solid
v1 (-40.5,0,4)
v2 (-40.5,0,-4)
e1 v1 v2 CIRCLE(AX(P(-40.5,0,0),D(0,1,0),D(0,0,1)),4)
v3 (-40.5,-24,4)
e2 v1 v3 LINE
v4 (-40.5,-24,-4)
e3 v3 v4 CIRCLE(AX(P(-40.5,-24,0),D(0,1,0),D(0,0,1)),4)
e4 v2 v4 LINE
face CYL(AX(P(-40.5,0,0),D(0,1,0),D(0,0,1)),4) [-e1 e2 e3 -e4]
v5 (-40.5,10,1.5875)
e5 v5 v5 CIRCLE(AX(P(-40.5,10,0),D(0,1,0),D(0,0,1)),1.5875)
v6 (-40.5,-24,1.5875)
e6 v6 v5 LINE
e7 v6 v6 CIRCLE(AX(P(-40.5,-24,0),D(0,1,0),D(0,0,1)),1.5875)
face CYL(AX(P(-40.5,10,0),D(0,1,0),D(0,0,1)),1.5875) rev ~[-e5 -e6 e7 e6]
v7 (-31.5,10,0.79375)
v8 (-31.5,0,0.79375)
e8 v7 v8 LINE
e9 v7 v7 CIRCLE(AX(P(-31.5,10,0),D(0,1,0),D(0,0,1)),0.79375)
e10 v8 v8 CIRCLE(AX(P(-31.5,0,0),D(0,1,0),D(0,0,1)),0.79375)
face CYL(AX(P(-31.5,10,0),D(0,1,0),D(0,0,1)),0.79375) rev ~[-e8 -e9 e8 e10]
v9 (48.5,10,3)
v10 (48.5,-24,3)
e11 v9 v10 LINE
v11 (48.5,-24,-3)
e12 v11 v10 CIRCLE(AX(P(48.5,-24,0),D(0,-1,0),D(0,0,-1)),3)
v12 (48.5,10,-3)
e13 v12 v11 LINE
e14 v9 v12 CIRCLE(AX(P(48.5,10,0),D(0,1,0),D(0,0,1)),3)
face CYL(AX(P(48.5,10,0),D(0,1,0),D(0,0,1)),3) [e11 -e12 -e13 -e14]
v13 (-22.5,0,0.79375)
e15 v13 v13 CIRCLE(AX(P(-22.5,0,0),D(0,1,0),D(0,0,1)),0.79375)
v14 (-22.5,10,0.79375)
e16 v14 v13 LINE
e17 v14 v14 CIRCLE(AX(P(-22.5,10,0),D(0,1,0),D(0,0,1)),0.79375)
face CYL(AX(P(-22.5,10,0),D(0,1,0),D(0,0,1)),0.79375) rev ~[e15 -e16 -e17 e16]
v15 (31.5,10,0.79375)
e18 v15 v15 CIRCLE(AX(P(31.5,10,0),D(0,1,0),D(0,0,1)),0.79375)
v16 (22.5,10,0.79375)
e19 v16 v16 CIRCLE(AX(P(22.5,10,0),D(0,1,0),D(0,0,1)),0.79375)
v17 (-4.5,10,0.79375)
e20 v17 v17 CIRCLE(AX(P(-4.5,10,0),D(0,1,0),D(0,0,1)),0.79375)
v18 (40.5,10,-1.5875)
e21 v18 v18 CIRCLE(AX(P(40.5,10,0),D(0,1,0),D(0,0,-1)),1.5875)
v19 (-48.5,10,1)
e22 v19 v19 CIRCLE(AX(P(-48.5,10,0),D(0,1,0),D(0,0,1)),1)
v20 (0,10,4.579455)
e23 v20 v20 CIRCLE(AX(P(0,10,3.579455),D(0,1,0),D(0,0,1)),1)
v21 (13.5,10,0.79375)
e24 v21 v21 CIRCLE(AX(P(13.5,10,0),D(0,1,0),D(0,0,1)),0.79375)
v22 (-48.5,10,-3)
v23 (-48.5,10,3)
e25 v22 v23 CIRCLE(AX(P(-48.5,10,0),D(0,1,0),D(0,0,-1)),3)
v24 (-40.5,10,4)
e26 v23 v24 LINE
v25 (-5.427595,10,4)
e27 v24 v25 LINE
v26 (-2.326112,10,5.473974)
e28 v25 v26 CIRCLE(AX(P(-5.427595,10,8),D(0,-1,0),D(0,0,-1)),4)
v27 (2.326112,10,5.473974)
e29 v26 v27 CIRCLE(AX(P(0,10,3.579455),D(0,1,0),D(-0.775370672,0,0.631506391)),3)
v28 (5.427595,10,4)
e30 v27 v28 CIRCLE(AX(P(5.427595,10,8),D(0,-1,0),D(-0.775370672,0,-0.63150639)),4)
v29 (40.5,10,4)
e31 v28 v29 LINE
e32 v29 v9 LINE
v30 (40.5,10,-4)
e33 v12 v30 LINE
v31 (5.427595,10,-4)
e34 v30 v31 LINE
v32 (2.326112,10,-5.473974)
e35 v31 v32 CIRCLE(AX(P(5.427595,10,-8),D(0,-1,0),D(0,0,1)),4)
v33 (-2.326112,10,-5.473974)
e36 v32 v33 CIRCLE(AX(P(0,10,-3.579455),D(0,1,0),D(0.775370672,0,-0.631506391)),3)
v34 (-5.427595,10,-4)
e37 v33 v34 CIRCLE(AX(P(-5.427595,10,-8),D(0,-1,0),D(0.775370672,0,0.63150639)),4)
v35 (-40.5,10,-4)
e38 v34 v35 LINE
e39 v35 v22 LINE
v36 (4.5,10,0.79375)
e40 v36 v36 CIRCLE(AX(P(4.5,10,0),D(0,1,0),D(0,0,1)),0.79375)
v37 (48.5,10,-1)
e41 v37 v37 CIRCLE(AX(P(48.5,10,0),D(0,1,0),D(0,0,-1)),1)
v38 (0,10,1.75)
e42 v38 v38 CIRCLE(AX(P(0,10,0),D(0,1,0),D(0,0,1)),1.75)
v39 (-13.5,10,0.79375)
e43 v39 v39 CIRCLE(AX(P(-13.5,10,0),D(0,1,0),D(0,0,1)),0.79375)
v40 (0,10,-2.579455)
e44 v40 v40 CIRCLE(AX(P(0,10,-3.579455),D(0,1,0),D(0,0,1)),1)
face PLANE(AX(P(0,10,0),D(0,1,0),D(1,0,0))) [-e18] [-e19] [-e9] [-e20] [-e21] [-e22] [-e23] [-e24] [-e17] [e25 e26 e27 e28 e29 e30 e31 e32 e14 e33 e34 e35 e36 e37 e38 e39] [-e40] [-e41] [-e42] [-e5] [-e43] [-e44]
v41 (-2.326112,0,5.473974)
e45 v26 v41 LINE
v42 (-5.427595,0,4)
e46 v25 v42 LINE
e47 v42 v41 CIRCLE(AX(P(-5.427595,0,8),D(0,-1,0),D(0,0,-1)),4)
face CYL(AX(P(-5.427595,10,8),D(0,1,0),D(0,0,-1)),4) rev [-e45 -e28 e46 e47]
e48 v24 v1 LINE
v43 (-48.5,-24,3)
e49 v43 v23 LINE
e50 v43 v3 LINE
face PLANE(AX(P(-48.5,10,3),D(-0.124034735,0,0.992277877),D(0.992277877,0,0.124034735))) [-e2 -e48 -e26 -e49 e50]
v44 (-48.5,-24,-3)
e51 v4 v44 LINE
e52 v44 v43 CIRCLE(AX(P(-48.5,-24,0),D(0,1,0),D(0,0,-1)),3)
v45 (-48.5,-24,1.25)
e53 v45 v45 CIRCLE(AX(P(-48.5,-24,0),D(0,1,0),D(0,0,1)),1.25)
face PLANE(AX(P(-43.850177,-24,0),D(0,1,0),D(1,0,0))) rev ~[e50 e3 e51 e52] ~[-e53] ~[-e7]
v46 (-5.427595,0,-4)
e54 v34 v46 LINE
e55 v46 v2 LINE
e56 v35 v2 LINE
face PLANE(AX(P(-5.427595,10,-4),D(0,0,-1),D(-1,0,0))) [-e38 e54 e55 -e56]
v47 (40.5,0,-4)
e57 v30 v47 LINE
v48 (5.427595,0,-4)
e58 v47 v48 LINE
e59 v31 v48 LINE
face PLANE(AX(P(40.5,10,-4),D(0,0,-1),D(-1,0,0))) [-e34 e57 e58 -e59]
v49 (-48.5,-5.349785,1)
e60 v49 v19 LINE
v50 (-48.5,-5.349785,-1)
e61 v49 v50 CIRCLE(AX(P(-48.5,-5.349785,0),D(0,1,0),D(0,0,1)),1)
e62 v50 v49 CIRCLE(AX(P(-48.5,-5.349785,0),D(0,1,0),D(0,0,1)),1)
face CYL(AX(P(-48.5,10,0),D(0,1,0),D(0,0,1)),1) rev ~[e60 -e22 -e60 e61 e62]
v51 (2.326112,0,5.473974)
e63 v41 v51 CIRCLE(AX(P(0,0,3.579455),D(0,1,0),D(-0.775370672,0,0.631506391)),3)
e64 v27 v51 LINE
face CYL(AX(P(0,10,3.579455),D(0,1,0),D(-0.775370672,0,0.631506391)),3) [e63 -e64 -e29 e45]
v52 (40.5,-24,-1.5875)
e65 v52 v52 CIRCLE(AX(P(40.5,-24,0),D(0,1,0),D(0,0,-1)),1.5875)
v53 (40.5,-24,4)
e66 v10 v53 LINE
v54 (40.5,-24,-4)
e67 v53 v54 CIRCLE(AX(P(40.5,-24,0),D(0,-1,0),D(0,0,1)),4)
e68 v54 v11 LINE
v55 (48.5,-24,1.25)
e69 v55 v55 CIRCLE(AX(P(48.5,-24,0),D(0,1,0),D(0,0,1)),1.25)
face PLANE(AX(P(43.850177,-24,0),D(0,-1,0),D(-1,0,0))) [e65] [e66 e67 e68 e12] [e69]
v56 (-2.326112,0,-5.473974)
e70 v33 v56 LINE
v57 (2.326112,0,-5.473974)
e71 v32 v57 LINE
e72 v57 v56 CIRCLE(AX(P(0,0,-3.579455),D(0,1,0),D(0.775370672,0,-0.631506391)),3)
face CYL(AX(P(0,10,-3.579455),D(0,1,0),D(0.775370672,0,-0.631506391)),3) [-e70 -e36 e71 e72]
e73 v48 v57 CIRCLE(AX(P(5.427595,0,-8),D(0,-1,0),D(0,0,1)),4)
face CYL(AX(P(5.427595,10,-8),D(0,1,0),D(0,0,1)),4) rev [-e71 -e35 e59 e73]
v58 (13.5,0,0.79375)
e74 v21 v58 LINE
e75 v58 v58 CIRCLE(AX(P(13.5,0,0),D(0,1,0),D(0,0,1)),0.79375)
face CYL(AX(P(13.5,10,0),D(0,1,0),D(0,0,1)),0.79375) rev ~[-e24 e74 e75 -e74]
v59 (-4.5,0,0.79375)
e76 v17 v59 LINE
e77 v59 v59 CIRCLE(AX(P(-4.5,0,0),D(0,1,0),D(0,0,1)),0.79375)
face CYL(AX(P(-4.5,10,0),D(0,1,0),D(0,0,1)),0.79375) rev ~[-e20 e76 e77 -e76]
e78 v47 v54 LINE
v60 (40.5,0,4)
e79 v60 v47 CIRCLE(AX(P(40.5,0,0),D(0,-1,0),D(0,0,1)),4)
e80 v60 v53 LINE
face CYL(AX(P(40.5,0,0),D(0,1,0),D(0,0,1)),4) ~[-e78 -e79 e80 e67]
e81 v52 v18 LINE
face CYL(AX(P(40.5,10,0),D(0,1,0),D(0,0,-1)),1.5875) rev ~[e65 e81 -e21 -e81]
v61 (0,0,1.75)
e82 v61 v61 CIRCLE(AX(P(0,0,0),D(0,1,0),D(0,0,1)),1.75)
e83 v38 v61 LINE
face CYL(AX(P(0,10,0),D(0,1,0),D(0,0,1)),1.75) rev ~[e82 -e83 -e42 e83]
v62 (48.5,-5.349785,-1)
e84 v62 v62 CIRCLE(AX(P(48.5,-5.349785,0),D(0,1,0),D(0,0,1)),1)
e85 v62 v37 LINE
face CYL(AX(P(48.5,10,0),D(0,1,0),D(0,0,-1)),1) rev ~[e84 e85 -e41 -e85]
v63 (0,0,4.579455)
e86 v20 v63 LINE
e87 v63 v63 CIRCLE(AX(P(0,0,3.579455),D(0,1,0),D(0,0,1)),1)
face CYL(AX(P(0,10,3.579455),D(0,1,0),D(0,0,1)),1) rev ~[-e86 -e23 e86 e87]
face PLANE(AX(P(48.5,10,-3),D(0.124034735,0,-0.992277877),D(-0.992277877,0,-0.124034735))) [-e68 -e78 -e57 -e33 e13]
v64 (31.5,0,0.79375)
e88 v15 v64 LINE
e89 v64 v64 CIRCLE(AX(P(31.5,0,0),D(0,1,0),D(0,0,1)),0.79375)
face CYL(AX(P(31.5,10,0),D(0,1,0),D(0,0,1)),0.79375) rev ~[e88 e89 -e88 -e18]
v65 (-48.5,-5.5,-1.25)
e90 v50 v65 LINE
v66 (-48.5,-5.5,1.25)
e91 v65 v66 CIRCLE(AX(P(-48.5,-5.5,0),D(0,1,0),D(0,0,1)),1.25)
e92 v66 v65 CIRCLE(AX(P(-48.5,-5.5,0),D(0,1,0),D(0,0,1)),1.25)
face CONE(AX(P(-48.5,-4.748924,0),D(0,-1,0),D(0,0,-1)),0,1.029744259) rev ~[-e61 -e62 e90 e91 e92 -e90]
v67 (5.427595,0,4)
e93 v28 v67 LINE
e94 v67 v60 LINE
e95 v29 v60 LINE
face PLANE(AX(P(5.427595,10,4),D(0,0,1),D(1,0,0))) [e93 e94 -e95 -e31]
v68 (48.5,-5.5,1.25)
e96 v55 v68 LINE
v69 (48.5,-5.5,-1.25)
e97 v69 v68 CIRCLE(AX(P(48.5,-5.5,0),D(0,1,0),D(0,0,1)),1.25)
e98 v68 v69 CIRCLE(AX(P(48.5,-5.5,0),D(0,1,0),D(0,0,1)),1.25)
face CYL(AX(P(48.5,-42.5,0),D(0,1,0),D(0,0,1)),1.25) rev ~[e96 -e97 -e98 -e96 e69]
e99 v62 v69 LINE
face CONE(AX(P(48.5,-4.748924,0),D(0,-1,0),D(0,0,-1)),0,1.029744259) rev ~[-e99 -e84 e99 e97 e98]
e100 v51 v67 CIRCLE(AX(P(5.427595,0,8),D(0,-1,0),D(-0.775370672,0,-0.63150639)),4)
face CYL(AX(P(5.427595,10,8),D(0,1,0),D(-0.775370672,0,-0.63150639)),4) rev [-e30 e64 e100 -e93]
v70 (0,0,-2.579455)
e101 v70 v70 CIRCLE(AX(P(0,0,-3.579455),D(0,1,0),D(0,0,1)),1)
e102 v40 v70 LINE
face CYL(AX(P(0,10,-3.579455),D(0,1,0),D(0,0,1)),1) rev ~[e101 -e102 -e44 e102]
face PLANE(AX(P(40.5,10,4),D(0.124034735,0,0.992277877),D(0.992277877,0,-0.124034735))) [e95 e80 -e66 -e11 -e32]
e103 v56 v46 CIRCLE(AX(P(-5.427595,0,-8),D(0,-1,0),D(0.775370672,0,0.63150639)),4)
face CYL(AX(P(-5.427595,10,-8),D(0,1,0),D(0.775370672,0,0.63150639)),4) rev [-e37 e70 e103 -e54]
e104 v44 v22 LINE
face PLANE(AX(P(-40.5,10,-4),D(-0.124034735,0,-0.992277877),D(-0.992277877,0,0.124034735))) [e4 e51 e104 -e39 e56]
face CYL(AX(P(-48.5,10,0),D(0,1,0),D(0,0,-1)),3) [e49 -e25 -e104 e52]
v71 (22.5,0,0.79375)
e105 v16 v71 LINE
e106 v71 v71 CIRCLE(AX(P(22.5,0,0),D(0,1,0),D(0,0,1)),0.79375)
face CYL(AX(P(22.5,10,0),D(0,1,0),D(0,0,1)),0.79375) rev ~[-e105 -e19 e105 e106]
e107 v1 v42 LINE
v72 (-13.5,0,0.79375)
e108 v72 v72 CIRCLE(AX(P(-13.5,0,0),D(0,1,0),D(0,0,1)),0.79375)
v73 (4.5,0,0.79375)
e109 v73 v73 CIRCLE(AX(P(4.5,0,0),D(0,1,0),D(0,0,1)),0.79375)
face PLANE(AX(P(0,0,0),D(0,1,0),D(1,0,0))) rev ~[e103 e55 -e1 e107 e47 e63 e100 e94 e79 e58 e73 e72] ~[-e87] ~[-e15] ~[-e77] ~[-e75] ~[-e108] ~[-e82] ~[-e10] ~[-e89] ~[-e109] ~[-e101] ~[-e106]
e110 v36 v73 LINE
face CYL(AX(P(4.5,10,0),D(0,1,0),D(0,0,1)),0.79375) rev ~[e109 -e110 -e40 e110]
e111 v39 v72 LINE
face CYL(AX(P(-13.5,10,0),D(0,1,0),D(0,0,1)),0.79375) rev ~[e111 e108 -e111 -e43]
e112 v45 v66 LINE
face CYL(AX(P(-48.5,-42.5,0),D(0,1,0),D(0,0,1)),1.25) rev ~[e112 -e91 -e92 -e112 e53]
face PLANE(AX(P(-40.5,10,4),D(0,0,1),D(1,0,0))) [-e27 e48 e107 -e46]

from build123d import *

# Parameters (mm, degrees)
SKETCH1_R                 = 1.5875
SKETCH1_R_2               = 1
BOSS_EXTRUDE1_DEPTH       = 24
BOSS_EXTRUDE1_2_DEPTH     = 24
BOSS_EXTRUDE2_START       = 10
SKETCH2_R                 = 0.79375
SKETCH2_R_2               = 1.5875
SKETCH2_R_3               = 1
SKETCH2_R_4               = 1.75
BOSS_EXTRUDE2_DEPTH       = 10
M3X0_5_TAPPED_HOLE1_D     = 2.5
M3X0_5_TAPPED_HOLE1_DEPTH = 18.5
M3X0_5_TAPPED_HOLE1_TIP   = 0.751075774


with BuildPart() as part:
    # Sketch1 → Boss-Extrude1 (new body)
    with BuildSketch(Plane(origin=(0, 0, 0), x_dir=(1, 0, 0), z_dir=(0, 1, 0))):
        with BuildLine():
            Line((-40.5, 4), (-48.5, 3))
            ThreePointArc((-48.5, 3), (-51.5, 0), (-48.5, -3))
            Line((-48.5, -3), (-40.5, -4))
            ThreePointArc((-40.5, -4), (-36.5, 0), (-40.5, 4))
        make_face()
        with Locations(Location((-40.5, 0, 0), (0, 0, 270))):
            Circle(SKETCH1_R, mode=Mode.SUBTRACT)
        with Locations(Location((-48.5, 0, 0), (0, 0, 270))):
            Circle(SKETCH1_R_2, mode=Mode.SUBTRACT)
    extrude(amount=-BOSS_EXTRUDE1_DEPTH)



with BuildPart() as body_2:
    # Sketch1 → Boss-Extrude1 2 (new body)
    with BuildSketch(Plane(origin=(0, 0, 0), x_dir=(1, 0, 0), z_dir=(0, 1, 0))):
        with BuildLine():
            Line((48.5, -3), (40.5, -4))
            ThreePointArc((40.5, -4), (36.5, 0), (40.5, 4))
            Line((40.5, 4), (48.5, 3))
            ThreePointArc((48.5, 3), (51.5, 0), (48.5, -3))
        make_face()
        with Locations(Location((40.5, 0, 0), (0, 0, 90))):
            Circle(SKETCH1_R, mode=Mode.SUBTRACT)
        with Locations(Location((48.5, 0, 0), (0, 0, 90))):
            Circle(SKETCH1_R_2, mode=Mode.SUBTRACT)
    extrude(amount=-BOSS_EXTRUDE1_2_DEPTH)


with BuildPart() as part_1:
    add(part.part)

    add(body_2.part)  # Boss-Extrude2 merges body 2
    # Sketch2 → Boss-Extrude2 (add)
    with BuildSketch(Plane(origin=(0, 0, 0), x_dir=(1, 0, 0), z_dir=(0, 1, 0)).offset(BOSS_EXTRUDE2_START)):
        with BuildLine():
            Line((-40.5, 4), (-48.5, 3))
            ThreePointArc((-48.5, 3), (-51.5, 0), (-48.5, -3))
            Line((-48.5, -3), (-40.5, -4))
            Line((-40.5, -4), (-5.427594702, -4))
            ThreePointArc((-5.427594702, -4), (-3.710635508, -4.387237743), (-2.326112015, -5.473974438))
            ThreePointArc((-2.326112015, -5.473974438), (0, -6.579455266), (2.326112015, -5.473974438))
            ThreePointArc((2.326112015, -5.473974438), (3.710635508, -4.387237743), (5.427594702, -4))
            Line((5.427594702, -4), (40.5, -4))
            Line((40.5, -4), (48.5, -3))
            ThreePointArc((48.5, -3), (51.5, 0), (48.5, 3))
            Line((48.5, 3), (40.5, 4))
            Line((40.5, 4), (5.427594702, 4))
            ThreePointArc((5.427594702, 4), (3.710635508, 4.387237743), (2.326112015, 5.473974438))
            ThreePointArc((2.326112015, 5.473974438), (0, 6.579455266), (-2.326112015, 5.473974438))
            ThreePointArc((-2.326112015, 5.473974438), (-3.710635508, 4.387237743), (-5.427594702, 4))
            Line((-5.427594702, 4), (-40.5, 4))
        make_face()
        with Locations(Location((-31.5, 0, 0), (0, 0, 270))):
            Circle(SKETCH2_R, mode=Mode.SUBTRACT)
        with Locations(Location((-22.5, 0, 0), (0, 0, 270))):
            Circle(SKETCH2_R, mode=Mode.SUBTRACT)
        with Locations(Location((-40.5, 0, 0), (0, 0, 270))):
            Circle(SKETCH2_R_2, mode=Mode.SUBTRACT)
        with Locations(Location((40.5, 0, 0), (0, 0, 90))):
            Circle(SKETCH2_R_2, mode=Mode.SUBTRACT)
        with Locations(Location((-13.5, 0, 0), (0, 0, 270))):
            Circle(SKETCH2_R, mode=Mode.SUBTRACT)
        with Locations(Location((-4.5, 0, 0), (0, 0, 270))):
            Circle(SKETCH2_R, mode=Mode.SUBTRACT)
        with Locations(Location((4.5, 0, 0), (0, 0, 270))):
            Circle(SKETCH2_R, mode=Mode.SUBTRACT)
        with Locations(Location((13.5, 0, 0), (0, 0, 270))):
            Circle(SKETCH2_R, mode=Mode.SUBTRACT)
        with Locations(Location((22.5, 0, 0), (0, 0, 270))):
            Circle(SKETCH2_R, mode=Mode.SUBTRACT)
        with Locations(Location((31.5, 0, 0), (0, 0, 270))):
            Circle(SKETCH2_R, mode=Mode.SUBTRACT)
        with Locations(Location((48.5, 0, 0), (0, 0, 90))):
            Circle(SKETCH2_R_3, mode=Mode.SUBTRACT)
        with Locations(Location((-48.5, 0, 0), (0, 0, 270))):
            Circle(SKETCH2_R_3, mode=Mode.SUBTRACT)
        with Locations(Location((0, 0, 0), (0, 0, 270))):
            Circle(SKETCH2_R_4, mode=Mode.SUBTRACT)
        with Locations(Location((0, -3.579455266, 0), (0, 0, 270))):
            Circle(SKETCH2_R_3, mode=Mode.SUBTRACT)
        with Locations(Location((0, 3.579455266, 0), (0, 0, 270))):
            Circle(SKETCH2_R_3, mode=Mode.SUBTRACT)
    extrude(amount=-BOSS_EXTRUDE2_DEPTH)

    # M3x0.5 Tapped Hole1
    with Locations(Plane(origin=(-48.5, -24, 0), x_dir=(0, 0, -1), z_dir=(0, -1, 0))):
        with Locations((0, 0), (0, 97)):
            Hole(M3X0_5_TAPPED_HOLE1_D / 2, depth=M3X0_5_TAPPED_HOLE1_DEPTH)
            with Locations((0, 0, -(M3X0_5_TAPPED_HOLE1_DEPTH + M3X0_5_TAPPED_HOLE1_TIP / 2))):  # 118° drill point
                Cone(0, M3X0_5_TAPPED_HOLE1_D / 2, M3X0_5_TAPPED_HOLE1_TIP, mode=Mode.SUBTRACT)


solid = part_1.part
